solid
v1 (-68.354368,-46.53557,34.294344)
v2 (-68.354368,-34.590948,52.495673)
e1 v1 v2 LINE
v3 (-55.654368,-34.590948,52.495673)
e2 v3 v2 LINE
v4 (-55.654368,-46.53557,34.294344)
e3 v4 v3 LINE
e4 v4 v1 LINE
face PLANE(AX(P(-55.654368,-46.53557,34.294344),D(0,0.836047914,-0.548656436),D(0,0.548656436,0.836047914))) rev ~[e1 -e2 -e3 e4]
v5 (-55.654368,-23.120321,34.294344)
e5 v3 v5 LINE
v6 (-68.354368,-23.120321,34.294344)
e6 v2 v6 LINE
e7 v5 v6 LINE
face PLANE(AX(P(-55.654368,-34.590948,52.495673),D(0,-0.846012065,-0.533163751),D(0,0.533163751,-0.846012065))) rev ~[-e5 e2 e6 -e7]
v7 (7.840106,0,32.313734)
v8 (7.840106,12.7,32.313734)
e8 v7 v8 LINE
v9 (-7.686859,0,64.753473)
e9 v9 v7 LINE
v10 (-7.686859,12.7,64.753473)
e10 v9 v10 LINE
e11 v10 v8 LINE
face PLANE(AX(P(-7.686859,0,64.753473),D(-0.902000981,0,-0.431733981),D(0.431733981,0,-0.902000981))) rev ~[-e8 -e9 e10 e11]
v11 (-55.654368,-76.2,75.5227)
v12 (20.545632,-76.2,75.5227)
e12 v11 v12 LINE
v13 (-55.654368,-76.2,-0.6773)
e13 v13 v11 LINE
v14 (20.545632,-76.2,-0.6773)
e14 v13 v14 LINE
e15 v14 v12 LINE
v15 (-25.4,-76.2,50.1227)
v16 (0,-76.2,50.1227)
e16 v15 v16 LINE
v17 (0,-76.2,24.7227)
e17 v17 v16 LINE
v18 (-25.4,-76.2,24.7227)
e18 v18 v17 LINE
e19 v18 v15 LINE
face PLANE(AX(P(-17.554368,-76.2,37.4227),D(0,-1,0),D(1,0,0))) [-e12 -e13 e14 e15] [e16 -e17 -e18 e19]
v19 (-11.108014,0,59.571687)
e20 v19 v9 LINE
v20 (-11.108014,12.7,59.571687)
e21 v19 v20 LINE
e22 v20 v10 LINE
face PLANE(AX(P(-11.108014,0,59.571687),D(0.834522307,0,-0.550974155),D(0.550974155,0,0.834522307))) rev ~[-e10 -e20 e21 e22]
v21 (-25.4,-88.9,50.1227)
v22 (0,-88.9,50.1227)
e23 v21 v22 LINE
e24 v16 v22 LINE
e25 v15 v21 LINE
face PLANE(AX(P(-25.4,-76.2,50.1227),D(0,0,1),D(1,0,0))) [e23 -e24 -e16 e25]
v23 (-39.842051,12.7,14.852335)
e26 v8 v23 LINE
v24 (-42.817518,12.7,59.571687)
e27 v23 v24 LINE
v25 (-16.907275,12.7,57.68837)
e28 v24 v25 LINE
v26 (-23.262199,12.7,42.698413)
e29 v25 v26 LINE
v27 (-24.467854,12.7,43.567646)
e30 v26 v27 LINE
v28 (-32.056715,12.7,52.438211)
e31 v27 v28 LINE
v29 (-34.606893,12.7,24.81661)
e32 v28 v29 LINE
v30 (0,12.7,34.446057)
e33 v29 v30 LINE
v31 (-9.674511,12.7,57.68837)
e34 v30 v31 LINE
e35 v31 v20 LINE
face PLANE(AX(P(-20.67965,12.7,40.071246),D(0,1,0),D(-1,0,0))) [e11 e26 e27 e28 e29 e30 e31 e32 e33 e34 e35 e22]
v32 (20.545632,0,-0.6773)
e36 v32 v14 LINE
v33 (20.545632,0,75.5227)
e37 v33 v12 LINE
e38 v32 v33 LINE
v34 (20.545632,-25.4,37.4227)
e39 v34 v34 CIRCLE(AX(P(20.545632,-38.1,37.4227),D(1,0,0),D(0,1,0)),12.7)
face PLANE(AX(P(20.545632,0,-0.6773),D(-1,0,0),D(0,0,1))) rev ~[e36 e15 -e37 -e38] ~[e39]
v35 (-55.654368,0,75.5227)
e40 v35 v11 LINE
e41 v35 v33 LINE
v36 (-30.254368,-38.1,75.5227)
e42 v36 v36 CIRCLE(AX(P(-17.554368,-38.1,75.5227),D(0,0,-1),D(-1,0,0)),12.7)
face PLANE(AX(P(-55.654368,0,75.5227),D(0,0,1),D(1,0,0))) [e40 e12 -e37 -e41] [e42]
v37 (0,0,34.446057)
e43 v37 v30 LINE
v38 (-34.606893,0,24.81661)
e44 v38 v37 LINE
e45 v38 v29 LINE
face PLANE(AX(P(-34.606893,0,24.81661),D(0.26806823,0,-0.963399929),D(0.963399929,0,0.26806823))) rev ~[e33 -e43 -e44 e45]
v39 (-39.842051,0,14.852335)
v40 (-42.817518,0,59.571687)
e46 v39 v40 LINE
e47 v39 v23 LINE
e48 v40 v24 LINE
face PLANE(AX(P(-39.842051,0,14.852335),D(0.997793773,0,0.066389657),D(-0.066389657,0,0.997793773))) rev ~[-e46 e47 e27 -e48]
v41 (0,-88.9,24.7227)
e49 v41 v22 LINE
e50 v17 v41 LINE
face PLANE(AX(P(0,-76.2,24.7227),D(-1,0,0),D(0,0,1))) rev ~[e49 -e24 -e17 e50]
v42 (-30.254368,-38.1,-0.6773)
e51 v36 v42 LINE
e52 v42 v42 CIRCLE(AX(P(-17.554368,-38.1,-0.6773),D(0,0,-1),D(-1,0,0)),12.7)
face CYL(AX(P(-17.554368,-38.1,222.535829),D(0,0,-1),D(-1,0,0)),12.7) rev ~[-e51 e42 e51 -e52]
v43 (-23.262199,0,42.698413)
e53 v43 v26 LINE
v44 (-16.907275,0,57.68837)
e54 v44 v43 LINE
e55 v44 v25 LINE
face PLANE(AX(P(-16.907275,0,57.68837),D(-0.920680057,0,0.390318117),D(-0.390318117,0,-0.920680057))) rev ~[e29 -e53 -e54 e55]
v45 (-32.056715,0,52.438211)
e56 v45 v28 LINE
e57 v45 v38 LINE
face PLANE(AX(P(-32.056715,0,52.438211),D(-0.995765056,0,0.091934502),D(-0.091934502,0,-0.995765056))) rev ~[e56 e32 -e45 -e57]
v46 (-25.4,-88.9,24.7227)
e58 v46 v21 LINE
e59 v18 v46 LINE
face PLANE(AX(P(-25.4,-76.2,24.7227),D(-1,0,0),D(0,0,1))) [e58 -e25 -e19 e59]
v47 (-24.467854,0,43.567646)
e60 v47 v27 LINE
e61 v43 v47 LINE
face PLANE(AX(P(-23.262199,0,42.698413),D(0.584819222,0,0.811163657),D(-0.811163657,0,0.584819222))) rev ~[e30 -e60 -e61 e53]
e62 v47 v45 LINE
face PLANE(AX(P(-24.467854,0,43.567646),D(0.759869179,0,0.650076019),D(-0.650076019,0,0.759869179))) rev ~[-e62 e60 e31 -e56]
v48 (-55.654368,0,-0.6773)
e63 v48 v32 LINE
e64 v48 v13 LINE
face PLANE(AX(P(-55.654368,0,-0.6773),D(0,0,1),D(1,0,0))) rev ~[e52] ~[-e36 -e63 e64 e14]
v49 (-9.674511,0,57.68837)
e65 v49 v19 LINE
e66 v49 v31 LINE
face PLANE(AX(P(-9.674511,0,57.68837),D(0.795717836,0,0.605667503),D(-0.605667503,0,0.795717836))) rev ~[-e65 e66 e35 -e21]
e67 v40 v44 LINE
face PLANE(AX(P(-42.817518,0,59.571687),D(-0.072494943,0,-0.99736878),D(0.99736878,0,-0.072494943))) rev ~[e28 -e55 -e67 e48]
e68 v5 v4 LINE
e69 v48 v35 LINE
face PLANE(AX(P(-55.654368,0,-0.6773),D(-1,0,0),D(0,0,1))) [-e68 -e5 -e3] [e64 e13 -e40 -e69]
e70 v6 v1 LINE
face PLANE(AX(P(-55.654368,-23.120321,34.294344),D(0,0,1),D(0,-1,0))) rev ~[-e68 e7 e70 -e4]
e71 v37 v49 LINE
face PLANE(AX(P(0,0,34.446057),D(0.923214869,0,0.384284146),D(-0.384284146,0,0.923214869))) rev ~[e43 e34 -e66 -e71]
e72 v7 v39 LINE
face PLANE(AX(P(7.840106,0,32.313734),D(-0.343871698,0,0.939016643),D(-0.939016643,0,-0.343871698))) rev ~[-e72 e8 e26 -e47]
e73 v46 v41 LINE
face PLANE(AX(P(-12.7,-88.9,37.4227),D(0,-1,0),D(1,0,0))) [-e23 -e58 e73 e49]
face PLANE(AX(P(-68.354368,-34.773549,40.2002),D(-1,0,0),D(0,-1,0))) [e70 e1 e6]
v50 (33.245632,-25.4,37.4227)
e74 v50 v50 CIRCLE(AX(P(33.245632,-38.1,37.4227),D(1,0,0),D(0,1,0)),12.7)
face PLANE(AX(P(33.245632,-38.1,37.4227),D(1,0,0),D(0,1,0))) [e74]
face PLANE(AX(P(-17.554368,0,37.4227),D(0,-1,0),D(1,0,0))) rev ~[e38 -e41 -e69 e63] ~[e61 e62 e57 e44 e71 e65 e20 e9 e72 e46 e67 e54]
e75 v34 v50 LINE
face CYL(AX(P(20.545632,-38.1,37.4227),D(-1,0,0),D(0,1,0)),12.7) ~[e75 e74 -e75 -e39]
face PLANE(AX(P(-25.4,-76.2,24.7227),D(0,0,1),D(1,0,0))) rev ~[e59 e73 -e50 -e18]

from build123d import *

# Parameters (mm, degrees)
F0_W      = 76.2
F0_H      = 76.2
F1_DEPTH  = 76.2
F2_W      = 25.4
F2_H      = 25.4
F3_DEPTH  = 12.7
F4_R      = 12.7
F5_DEPTH  = 12.7
F7_D      = 25.4
F9_DEPTH  = 12.7
F11_DEPTH = 12.7


with BuildPart() as f1:
    # F0 (on Front) → F1 (new body)
    with BuildSketch(Plane.XZ):
        with Locations((-17.554368, 37.4227)):
            Rectangle(F0_W, F0_H)
    extrude(amount=F1_DEPTH)

    # F2 (on face) → F3 (join)
    with BuildSketch(Plane.XZ.offset(76.2)):
        with Locations((-12.7, 37.4227)):
            Rectangle(F2_W, F2_H)
    extrude(amount=F3_DEPTH)

    # F4 (on face) → F5 (join)
    with BuildSketch(Plane.YZ.offset(20.545632)):
        with Locations((-38.1, 37.4227)):
            Circle(F4_R)
    extrude(amount=F5_DEPTH)

    # F7 (through all)
    with Locations(Plane.XY.offset(75.5227)):
        with Locations((-17.554368, -38.1)):
            Hole(F7_D / 2)

    # F8 (on face) → F9 (join)
    with BuildSketch(Plane(origin=(-55.654368, 0, 0), x_dir=(0, -1, 0), z_dir=(-1, 0, 0))):
        Polygon((46.53557, 34.294344), (34.590948, 52.495673), (23.120321, 34.294344), align=None)
    extrude(amount=F9_DEPTH)

    # F10 (on face) → F11 (join)
    with BuildSketch(Plane(origin=(0, 0, 0), x_dir=(-1, 0, 0), z_dir=(0, 1, 0))):
        Polygon((9.674511, 57.68837), (11.108014, 59.571687), (7.686859, 64.753473), (-7.840106, 32.313734), (39.842051, 14.852335), (42.817518, 59.571687), (16.907275, 57.68837), (23.262199, 42.698413), (24.467854, 43.567646), (32.056715, 52.438211), (34.606893, 24.81661), (0, 34.446057), align=None)
    extrude(amount=F11_DEPTH)


solid = f1.part
